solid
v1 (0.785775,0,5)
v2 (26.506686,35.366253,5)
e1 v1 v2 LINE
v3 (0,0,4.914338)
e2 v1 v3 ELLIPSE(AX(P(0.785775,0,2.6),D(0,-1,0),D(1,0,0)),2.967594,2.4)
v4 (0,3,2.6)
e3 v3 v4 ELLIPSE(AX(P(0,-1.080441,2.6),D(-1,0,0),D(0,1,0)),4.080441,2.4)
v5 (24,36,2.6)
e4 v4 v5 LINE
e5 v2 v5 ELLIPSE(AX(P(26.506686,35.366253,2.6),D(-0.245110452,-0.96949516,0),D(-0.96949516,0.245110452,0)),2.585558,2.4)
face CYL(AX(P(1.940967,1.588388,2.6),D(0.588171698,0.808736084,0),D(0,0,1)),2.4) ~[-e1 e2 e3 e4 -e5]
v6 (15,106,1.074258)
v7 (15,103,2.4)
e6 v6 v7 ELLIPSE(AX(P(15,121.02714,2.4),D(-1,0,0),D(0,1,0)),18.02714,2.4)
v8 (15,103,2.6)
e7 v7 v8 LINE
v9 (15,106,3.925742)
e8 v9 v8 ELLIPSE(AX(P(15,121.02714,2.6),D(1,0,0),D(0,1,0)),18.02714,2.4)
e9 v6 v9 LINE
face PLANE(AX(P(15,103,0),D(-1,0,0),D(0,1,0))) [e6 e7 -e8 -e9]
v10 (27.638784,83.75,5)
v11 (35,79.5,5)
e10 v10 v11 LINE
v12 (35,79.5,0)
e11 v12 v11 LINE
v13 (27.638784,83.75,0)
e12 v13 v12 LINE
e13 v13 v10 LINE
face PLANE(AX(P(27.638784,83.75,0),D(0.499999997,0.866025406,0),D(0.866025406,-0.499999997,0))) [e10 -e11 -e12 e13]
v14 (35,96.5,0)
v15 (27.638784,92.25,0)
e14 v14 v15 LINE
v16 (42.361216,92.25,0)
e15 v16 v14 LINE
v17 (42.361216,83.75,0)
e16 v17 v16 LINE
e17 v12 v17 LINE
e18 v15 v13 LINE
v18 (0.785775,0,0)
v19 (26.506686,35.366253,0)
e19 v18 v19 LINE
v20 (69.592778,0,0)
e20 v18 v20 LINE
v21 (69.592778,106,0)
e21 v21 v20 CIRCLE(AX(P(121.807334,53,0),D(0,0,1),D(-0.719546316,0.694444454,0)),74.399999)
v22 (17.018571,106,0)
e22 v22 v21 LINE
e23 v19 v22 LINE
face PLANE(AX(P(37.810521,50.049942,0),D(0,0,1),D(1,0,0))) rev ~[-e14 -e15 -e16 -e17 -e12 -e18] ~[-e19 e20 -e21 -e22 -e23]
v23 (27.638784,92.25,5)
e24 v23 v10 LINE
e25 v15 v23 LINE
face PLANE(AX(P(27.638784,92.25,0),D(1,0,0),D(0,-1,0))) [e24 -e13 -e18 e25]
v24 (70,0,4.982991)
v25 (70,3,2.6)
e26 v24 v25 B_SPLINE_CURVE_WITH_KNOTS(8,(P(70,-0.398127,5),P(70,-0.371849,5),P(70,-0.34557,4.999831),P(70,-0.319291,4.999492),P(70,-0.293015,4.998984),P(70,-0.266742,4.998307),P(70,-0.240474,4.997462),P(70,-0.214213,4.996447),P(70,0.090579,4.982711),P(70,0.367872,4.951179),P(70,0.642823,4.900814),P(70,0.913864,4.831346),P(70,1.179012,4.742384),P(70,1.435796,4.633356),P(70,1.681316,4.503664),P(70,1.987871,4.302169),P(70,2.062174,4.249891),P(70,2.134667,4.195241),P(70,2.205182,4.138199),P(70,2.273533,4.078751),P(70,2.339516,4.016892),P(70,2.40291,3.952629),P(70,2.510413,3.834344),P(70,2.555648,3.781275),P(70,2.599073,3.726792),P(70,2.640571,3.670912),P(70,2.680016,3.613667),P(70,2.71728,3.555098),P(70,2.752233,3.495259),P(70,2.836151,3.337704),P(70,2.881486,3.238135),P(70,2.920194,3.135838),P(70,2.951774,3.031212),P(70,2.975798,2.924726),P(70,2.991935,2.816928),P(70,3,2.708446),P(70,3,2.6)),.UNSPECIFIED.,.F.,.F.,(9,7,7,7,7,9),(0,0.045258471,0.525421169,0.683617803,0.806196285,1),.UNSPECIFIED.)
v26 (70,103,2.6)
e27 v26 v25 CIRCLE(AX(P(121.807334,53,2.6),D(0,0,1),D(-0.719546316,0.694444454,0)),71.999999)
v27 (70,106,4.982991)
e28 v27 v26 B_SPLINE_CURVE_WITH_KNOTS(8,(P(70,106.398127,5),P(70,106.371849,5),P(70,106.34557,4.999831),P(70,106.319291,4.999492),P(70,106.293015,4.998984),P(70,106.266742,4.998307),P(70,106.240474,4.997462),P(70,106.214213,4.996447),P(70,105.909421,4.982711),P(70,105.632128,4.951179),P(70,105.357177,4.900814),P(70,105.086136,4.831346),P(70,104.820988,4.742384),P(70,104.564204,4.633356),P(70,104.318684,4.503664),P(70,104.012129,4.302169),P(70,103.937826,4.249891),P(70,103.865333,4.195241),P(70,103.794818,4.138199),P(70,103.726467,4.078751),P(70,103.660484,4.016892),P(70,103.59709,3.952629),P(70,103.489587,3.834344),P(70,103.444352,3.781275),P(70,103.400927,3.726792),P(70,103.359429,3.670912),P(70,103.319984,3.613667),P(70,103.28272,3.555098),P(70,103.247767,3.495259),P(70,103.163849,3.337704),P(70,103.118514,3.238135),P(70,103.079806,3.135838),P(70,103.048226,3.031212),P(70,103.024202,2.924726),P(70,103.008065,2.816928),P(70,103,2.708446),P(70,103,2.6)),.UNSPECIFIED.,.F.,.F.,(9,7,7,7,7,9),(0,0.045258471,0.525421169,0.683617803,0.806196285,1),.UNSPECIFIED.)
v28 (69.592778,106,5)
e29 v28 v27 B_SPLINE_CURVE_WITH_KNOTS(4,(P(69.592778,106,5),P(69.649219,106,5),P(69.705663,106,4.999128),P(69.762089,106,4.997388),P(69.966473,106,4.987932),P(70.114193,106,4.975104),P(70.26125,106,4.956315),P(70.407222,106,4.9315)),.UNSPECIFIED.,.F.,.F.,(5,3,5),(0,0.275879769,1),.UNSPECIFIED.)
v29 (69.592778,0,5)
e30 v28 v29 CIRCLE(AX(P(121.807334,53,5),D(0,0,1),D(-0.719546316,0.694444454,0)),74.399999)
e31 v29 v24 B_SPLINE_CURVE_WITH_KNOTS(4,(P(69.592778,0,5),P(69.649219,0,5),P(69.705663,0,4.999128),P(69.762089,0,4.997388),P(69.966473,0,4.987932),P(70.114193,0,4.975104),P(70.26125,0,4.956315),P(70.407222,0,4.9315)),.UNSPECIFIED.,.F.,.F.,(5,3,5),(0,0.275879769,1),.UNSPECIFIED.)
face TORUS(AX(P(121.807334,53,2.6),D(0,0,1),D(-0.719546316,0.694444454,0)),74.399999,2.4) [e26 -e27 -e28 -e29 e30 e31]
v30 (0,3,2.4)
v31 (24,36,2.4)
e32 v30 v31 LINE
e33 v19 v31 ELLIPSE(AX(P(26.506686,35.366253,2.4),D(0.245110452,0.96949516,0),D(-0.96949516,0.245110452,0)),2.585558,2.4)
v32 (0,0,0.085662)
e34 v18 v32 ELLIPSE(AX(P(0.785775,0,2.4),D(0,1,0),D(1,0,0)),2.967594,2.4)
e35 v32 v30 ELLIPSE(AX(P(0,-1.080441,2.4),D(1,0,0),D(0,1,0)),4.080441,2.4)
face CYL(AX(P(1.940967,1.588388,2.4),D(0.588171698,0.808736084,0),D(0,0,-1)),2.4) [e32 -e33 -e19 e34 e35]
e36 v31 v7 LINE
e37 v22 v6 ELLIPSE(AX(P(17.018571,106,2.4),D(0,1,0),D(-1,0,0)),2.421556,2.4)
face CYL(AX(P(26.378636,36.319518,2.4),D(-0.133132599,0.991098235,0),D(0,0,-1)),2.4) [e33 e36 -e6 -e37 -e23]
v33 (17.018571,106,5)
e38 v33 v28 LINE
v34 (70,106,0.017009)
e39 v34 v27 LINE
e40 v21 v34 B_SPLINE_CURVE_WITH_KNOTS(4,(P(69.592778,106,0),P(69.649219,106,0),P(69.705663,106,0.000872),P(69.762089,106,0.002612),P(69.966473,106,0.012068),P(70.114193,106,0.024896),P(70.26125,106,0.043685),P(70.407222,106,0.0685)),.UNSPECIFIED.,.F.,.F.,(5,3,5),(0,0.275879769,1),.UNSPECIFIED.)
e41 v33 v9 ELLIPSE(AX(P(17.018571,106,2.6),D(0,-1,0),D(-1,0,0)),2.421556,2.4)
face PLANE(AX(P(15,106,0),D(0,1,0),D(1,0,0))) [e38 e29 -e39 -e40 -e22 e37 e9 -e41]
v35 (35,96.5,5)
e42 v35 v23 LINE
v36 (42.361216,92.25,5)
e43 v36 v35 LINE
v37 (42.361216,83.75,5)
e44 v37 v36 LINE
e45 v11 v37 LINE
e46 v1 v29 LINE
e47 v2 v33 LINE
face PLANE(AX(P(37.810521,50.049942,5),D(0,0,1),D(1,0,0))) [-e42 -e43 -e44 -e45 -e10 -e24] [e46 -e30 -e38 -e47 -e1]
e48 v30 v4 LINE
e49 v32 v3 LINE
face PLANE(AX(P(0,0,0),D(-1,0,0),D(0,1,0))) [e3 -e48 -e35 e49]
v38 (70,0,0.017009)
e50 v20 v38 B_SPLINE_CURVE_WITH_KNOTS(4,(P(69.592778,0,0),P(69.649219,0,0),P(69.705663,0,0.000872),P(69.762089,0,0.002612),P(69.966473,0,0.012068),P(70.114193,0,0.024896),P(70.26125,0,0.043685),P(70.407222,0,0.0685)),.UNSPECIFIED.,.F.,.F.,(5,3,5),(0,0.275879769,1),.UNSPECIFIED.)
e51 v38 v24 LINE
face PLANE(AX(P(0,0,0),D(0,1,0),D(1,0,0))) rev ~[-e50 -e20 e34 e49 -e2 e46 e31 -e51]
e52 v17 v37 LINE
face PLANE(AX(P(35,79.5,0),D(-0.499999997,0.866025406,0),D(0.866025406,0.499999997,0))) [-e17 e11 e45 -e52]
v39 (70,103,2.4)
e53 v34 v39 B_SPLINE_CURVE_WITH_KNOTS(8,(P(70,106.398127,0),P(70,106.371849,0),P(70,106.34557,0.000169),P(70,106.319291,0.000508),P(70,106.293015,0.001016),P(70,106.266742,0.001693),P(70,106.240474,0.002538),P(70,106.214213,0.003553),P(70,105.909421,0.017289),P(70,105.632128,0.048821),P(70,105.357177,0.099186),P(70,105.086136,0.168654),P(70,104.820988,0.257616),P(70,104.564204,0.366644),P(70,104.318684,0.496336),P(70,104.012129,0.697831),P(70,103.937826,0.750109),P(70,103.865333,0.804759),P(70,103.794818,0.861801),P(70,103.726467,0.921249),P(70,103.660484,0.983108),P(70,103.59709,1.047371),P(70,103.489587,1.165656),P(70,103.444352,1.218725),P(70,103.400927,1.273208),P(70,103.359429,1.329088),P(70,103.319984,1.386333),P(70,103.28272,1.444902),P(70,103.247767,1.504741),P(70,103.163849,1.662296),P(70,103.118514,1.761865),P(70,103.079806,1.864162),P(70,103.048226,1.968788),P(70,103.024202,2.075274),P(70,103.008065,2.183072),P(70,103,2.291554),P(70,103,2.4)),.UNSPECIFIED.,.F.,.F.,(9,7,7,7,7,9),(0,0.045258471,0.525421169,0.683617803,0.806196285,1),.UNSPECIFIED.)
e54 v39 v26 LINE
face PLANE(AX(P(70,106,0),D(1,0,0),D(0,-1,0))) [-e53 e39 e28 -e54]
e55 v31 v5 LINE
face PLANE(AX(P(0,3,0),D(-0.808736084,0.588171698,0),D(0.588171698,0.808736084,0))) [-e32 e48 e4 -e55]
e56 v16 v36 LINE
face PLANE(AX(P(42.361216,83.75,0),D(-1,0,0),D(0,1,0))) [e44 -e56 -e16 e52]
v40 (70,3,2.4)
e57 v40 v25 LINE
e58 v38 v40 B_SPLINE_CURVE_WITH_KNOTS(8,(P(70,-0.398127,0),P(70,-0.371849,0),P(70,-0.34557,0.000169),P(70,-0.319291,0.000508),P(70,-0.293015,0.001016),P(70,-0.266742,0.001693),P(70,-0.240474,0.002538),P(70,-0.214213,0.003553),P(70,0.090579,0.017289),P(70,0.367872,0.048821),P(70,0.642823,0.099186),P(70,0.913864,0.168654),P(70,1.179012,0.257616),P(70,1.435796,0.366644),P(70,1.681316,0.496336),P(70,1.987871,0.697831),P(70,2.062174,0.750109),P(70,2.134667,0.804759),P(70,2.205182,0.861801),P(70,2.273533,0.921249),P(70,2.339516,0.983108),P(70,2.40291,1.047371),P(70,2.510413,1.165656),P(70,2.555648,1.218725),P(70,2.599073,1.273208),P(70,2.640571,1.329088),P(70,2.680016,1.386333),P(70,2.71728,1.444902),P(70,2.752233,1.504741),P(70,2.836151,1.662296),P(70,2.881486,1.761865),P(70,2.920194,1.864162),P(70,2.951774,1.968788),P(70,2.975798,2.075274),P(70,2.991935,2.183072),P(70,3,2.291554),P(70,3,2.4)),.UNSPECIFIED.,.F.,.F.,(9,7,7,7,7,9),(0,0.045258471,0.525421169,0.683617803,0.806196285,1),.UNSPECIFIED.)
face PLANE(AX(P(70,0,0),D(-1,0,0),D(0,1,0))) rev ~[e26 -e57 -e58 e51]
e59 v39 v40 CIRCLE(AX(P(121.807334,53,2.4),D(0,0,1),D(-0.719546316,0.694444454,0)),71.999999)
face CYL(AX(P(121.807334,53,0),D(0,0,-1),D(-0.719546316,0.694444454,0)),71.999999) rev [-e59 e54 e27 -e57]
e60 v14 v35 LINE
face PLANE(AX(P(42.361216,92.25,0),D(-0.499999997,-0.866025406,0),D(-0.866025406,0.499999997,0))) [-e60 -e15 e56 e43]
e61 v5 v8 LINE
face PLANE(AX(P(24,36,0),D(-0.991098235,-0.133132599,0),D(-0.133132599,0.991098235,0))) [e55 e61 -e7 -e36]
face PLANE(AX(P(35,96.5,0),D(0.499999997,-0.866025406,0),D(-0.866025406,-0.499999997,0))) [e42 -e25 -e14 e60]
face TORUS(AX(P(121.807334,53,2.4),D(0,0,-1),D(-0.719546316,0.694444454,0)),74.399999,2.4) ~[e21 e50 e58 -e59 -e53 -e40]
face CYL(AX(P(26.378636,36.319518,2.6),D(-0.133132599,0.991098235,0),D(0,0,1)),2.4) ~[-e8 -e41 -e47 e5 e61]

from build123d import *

# Parameters (mm, degrees)
PAD_DEPTH    = 5
POCKET_DEPTH = 5
FILLET_R     = 2.4
FILLET001_R  = 2.4


with BuildPart() as part:
    # Sketch → Pad (new body)
    with BuildSketch(Plane.XY):
        with BuildLine():
            Line((0, 0), (70, 0))
            Line((70, 0), (70, 3))
            ThreePointArc((70, 103), (49.807335, 53), (70, 3))
            Line((70, 106), (70, 103))
            Line((15, 106), (70, 106))
            Line((15, 103), (15, 106))
            Line((24, 36), (15, 103))
            Line((0, 3), (24, 36))
            Line((0, 0), (0, 3))
        make_face()
    extrude(amount=PAD_DEPTH)

    # Sketch001 → Pocket (cut)
    with BuildSketch(Plane.XY):
        Polygon((35, 96.5), (27.638784, 92.25), (27.638784, 83.75), (35, 79.5), (42.361216, 83.75), (42.361216, 92.25), align=None)
    extrude(amount=POCKET_DEPTH, mode=Mode.SUBTRACT)

    # Fillet
    fillet_edges = [part.edges().sort_by_distance(p)[0] for p in [
        (49.807335, 53, 5),
        (49.807335, 53, 0),
    ]]
    fillet(fillet_edges, radius=FILLET_R)

    # Fillet001
    fillet001_edges = [part.edges().sort_by_distance(p)[0] for p in [
        (19.5, 69.5, 5),
        (19.5, 69.5, 0),
        (12, 19.5, 5),
        (12, 19.5, 0),
    ]]
    fillet(fillet001_edges, radius=FILLET001_R)


solid = part.part
